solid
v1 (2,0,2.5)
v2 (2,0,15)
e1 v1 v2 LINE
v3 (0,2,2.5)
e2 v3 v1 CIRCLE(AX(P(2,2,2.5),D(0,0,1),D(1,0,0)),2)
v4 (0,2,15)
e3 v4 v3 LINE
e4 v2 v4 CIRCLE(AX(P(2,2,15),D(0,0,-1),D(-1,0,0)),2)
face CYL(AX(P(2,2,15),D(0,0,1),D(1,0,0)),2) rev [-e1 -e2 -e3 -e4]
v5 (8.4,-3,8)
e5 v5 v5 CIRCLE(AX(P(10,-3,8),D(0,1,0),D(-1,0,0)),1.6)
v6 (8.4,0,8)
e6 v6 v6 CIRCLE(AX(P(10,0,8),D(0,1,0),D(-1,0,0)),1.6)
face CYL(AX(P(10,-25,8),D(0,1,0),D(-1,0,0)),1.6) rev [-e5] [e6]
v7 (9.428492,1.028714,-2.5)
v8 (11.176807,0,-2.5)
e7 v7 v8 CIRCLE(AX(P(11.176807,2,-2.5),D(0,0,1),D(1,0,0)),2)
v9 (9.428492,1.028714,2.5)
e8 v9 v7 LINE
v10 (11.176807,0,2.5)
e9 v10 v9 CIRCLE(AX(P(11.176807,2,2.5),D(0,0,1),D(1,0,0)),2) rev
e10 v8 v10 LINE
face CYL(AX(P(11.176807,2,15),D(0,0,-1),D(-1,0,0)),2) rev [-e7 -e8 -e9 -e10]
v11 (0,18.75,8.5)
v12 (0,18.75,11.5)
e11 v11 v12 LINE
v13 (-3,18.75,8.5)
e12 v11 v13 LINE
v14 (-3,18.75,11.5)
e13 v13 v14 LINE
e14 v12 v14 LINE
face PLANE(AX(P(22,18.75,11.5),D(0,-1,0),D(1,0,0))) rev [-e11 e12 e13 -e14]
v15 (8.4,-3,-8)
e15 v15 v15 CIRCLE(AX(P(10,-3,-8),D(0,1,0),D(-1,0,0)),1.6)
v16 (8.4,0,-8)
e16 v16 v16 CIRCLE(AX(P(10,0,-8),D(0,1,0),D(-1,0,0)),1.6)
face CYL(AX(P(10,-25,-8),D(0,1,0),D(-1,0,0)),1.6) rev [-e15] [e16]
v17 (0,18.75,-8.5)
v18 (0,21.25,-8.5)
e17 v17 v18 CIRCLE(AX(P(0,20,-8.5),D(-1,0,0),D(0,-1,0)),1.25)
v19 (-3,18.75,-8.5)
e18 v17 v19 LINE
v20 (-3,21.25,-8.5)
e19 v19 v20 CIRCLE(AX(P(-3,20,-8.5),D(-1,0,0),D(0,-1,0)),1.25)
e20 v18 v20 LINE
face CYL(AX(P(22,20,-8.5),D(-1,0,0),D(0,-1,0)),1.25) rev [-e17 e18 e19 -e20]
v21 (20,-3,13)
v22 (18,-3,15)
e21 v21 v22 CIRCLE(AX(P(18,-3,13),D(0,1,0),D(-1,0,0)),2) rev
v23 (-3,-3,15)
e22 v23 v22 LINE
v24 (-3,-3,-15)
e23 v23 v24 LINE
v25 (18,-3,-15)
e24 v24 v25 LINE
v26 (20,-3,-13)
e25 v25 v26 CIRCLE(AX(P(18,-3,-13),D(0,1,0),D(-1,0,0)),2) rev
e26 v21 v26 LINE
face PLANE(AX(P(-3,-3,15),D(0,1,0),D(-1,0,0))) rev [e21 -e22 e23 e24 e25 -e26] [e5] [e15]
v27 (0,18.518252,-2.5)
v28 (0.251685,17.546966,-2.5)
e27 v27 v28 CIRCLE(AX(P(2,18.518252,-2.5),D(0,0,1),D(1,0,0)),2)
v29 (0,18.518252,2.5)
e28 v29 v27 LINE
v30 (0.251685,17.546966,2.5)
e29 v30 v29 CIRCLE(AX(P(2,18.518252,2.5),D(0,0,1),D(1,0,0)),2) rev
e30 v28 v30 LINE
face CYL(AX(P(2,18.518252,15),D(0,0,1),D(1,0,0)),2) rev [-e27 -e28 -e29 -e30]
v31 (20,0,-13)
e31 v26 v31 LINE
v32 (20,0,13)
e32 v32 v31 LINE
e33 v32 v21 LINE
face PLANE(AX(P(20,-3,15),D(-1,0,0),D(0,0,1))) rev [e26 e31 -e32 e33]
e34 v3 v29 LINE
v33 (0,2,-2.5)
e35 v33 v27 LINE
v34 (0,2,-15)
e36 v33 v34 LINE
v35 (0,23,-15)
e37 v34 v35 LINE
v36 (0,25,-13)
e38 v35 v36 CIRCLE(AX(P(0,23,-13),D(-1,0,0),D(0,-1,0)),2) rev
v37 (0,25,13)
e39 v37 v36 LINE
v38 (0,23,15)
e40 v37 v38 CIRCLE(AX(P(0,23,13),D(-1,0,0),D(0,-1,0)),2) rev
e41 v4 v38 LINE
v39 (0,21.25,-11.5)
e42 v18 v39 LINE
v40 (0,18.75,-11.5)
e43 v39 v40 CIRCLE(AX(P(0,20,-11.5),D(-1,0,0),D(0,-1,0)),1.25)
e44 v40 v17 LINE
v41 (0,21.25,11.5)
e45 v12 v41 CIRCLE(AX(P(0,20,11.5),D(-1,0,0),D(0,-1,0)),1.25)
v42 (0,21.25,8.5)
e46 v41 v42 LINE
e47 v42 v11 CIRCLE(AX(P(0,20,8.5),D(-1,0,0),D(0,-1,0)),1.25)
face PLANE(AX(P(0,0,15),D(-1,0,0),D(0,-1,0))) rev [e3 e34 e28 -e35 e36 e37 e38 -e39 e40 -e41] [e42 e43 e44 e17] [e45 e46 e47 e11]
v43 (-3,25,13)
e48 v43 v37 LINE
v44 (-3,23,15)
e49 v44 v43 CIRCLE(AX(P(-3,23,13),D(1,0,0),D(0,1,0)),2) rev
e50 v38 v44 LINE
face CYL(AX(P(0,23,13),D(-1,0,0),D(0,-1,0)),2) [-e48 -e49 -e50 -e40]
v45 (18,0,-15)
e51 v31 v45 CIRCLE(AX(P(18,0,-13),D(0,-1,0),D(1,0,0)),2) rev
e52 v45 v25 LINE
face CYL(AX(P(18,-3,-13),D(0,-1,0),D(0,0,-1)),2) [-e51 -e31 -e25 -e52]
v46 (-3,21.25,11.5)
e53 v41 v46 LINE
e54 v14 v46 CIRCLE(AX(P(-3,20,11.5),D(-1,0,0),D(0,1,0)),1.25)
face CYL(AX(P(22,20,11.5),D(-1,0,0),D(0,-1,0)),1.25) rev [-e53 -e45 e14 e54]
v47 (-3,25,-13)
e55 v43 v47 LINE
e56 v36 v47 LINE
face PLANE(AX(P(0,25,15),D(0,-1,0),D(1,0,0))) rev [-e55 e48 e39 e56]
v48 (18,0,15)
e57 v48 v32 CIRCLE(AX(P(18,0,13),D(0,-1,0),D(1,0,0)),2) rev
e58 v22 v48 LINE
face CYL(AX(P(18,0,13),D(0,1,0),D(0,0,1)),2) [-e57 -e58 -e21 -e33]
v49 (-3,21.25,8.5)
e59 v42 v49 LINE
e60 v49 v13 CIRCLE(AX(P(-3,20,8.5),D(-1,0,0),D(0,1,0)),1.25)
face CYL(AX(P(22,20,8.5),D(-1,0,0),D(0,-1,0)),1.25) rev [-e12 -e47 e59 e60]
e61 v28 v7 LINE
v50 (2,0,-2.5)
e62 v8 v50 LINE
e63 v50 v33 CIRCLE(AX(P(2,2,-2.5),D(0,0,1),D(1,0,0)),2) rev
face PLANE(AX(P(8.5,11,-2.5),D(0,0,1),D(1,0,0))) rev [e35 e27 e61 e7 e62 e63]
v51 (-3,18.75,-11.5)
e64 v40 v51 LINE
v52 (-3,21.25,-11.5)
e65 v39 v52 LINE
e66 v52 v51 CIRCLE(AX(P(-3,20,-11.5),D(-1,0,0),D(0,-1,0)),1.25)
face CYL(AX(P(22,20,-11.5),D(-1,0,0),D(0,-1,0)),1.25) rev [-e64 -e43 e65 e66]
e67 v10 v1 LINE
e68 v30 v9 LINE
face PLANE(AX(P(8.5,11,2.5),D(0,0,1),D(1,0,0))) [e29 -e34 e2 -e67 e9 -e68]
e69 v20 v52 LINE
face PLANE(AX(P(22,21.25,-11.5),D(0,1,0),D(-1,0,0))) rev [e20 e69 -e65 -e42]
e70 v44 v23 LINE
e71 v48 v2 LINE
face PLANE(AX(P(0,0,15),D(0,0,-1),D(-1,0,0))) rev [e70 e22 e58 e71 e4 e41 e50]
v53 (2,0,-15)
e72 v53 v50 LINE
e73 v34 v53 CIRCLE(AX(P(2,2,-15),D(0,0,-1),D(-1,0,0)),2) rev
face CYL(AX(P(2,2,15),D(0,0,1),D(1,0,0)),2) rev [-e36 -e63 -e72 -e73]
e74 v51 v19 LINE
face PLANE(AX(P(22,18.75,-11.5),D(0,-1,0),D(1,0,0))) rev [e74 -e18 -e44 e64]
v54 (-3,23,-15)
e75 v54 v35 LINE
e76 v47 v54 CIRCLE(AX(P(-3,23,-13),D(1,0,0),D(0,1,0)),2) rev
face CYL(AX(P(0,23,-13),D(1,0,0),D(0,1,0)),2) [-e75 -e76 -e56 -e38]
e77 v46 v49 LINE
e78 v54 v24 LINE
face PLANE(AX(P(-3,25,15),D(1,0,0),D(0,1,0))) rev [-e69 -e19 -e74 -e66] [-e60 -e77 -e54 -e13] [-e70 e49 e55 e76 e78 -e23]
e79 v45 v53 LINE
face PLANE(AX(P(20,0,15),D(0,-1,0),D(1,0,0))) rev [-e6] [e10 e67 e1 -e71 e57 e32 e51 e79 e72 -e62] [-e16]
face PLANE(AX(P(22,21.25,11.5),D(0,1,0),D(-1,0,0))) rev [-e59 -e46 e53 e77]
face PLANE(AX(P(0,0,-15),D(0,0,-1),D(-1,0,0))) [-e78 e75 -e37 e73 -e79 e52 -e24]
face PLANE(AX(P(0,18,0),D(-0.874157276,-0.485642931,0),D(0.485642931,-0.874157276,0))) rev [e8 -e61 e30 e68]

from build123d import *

# Parameters (mm, degrees)
EXTRUDE_1_DEPTH     = 15
SKETCH_2_R          = 1.6
CUT_EXTRUDE_1_DEPTH = 25
CUT_EXTRUDE_2_DEPTH = 25
RIB_1_REACH         = 37.355
SKETCH_4_WALL_W     = 93.3019384
SKETCH_4_WALL_H     = 5
FILLET_1_R          = 2


with BuildPart() as part:
    # 草图1 → 凸台-拉伸1 (new, symmetric)
    with BuildSketch(Plane.XY):
        Polygon((0, 0), (0, 25), (-3, 25), (-3, -3), (20, -3), (20, 0), align=None)
    extrude(amount=EXTRUDE_1_DEPTH, both=True)

    # 草图2 → 切除-拉伸1 (cut)
    with BuildSketch(Plane(origin=(0, 0, 0), x_dir=(1, 0, 0), z_dir=(0, 1, 0))):
        with Locations(Location((10, -8, 0), (0, 0, 180))):
            Circle(SKETCH_2_R)
        with Locations(Location((10, 8, 0), (0, 0, 180))):
            Circle(SKETCH_2_R)
    extrude(amount=-CUT_EXTRUDE_1_DEPTH, mode=Mode.SUBTRACT)

    # 草图3 → 切除-拉伸2 (cut)
    with BuildSketch(Plane.ZY.offset(3)):
        with BuildLine():
            Line((-11.5, 21.25), (-8.5, 21.25))
            ThreePointArc((-8.5, 21.25), (-7.25, 20), (-8.5, 18.75))
            Line((-8.5, 18.75), (-11.5, 18.75))
            ThreePointArc((-11.5, 18.75), (-12.75, 20), (-11.5, 21.25))
        make_face()
        with BuildLine():
            Line((11.5, 21.25), (8.5, 21.25))
            ThreePointArc((8.5, 21.25), (7.25, 20), (8.5, 18.75))
            Line((8.5, 18.75), (11.5, 18.75))
            ThreePointArc((11.5, 18.75), (12.75, 20), (11.5, 21.25))
        make_face()
    extrude(amount=-CUT_EXTRUDE_2_DEPTH, mode=Mode.SUBTRACT)

    # 草图4 wall → 筋1 (add, up to next)
    with BuildSketch(Plane(origin=(5, 9, 0), x_dir=(0.485642931179, -0.874157276122, 0), z_dir=(0.874157276122, 0.485642931179, 0)), mode=Mode.PRIVATE) as rib_1_sk1:
        Rectangle(SKETCH_4_WALL_W, SKETCH_4_WALL_H)
    rib_1_tool1 = extrude(rib_1_sk1.sketch, amount=-RIB_1_REACH, mode=Mode.PRIVATE) - part.part
    add(rib_1_tool1.solids().sort_by_distance((5, 9, 0))[0])

    # 圆角1
    fillet_1_edges = [part.edges().sort_by_distance(p)[0] for p in [
        (0, 0, 8.75),
        (-1.5, 25, 15),
        (20, -1.5, 15),
        (20, -1.5, -15),
        (0, 0, -8.75),
        (10, 0, 0),
        (-1.5, 25, -15),
        (0, 18, 0),
    ]]
    fillet(fillet_1_edges, radius=FILLET_1_R)


solid = part.part
